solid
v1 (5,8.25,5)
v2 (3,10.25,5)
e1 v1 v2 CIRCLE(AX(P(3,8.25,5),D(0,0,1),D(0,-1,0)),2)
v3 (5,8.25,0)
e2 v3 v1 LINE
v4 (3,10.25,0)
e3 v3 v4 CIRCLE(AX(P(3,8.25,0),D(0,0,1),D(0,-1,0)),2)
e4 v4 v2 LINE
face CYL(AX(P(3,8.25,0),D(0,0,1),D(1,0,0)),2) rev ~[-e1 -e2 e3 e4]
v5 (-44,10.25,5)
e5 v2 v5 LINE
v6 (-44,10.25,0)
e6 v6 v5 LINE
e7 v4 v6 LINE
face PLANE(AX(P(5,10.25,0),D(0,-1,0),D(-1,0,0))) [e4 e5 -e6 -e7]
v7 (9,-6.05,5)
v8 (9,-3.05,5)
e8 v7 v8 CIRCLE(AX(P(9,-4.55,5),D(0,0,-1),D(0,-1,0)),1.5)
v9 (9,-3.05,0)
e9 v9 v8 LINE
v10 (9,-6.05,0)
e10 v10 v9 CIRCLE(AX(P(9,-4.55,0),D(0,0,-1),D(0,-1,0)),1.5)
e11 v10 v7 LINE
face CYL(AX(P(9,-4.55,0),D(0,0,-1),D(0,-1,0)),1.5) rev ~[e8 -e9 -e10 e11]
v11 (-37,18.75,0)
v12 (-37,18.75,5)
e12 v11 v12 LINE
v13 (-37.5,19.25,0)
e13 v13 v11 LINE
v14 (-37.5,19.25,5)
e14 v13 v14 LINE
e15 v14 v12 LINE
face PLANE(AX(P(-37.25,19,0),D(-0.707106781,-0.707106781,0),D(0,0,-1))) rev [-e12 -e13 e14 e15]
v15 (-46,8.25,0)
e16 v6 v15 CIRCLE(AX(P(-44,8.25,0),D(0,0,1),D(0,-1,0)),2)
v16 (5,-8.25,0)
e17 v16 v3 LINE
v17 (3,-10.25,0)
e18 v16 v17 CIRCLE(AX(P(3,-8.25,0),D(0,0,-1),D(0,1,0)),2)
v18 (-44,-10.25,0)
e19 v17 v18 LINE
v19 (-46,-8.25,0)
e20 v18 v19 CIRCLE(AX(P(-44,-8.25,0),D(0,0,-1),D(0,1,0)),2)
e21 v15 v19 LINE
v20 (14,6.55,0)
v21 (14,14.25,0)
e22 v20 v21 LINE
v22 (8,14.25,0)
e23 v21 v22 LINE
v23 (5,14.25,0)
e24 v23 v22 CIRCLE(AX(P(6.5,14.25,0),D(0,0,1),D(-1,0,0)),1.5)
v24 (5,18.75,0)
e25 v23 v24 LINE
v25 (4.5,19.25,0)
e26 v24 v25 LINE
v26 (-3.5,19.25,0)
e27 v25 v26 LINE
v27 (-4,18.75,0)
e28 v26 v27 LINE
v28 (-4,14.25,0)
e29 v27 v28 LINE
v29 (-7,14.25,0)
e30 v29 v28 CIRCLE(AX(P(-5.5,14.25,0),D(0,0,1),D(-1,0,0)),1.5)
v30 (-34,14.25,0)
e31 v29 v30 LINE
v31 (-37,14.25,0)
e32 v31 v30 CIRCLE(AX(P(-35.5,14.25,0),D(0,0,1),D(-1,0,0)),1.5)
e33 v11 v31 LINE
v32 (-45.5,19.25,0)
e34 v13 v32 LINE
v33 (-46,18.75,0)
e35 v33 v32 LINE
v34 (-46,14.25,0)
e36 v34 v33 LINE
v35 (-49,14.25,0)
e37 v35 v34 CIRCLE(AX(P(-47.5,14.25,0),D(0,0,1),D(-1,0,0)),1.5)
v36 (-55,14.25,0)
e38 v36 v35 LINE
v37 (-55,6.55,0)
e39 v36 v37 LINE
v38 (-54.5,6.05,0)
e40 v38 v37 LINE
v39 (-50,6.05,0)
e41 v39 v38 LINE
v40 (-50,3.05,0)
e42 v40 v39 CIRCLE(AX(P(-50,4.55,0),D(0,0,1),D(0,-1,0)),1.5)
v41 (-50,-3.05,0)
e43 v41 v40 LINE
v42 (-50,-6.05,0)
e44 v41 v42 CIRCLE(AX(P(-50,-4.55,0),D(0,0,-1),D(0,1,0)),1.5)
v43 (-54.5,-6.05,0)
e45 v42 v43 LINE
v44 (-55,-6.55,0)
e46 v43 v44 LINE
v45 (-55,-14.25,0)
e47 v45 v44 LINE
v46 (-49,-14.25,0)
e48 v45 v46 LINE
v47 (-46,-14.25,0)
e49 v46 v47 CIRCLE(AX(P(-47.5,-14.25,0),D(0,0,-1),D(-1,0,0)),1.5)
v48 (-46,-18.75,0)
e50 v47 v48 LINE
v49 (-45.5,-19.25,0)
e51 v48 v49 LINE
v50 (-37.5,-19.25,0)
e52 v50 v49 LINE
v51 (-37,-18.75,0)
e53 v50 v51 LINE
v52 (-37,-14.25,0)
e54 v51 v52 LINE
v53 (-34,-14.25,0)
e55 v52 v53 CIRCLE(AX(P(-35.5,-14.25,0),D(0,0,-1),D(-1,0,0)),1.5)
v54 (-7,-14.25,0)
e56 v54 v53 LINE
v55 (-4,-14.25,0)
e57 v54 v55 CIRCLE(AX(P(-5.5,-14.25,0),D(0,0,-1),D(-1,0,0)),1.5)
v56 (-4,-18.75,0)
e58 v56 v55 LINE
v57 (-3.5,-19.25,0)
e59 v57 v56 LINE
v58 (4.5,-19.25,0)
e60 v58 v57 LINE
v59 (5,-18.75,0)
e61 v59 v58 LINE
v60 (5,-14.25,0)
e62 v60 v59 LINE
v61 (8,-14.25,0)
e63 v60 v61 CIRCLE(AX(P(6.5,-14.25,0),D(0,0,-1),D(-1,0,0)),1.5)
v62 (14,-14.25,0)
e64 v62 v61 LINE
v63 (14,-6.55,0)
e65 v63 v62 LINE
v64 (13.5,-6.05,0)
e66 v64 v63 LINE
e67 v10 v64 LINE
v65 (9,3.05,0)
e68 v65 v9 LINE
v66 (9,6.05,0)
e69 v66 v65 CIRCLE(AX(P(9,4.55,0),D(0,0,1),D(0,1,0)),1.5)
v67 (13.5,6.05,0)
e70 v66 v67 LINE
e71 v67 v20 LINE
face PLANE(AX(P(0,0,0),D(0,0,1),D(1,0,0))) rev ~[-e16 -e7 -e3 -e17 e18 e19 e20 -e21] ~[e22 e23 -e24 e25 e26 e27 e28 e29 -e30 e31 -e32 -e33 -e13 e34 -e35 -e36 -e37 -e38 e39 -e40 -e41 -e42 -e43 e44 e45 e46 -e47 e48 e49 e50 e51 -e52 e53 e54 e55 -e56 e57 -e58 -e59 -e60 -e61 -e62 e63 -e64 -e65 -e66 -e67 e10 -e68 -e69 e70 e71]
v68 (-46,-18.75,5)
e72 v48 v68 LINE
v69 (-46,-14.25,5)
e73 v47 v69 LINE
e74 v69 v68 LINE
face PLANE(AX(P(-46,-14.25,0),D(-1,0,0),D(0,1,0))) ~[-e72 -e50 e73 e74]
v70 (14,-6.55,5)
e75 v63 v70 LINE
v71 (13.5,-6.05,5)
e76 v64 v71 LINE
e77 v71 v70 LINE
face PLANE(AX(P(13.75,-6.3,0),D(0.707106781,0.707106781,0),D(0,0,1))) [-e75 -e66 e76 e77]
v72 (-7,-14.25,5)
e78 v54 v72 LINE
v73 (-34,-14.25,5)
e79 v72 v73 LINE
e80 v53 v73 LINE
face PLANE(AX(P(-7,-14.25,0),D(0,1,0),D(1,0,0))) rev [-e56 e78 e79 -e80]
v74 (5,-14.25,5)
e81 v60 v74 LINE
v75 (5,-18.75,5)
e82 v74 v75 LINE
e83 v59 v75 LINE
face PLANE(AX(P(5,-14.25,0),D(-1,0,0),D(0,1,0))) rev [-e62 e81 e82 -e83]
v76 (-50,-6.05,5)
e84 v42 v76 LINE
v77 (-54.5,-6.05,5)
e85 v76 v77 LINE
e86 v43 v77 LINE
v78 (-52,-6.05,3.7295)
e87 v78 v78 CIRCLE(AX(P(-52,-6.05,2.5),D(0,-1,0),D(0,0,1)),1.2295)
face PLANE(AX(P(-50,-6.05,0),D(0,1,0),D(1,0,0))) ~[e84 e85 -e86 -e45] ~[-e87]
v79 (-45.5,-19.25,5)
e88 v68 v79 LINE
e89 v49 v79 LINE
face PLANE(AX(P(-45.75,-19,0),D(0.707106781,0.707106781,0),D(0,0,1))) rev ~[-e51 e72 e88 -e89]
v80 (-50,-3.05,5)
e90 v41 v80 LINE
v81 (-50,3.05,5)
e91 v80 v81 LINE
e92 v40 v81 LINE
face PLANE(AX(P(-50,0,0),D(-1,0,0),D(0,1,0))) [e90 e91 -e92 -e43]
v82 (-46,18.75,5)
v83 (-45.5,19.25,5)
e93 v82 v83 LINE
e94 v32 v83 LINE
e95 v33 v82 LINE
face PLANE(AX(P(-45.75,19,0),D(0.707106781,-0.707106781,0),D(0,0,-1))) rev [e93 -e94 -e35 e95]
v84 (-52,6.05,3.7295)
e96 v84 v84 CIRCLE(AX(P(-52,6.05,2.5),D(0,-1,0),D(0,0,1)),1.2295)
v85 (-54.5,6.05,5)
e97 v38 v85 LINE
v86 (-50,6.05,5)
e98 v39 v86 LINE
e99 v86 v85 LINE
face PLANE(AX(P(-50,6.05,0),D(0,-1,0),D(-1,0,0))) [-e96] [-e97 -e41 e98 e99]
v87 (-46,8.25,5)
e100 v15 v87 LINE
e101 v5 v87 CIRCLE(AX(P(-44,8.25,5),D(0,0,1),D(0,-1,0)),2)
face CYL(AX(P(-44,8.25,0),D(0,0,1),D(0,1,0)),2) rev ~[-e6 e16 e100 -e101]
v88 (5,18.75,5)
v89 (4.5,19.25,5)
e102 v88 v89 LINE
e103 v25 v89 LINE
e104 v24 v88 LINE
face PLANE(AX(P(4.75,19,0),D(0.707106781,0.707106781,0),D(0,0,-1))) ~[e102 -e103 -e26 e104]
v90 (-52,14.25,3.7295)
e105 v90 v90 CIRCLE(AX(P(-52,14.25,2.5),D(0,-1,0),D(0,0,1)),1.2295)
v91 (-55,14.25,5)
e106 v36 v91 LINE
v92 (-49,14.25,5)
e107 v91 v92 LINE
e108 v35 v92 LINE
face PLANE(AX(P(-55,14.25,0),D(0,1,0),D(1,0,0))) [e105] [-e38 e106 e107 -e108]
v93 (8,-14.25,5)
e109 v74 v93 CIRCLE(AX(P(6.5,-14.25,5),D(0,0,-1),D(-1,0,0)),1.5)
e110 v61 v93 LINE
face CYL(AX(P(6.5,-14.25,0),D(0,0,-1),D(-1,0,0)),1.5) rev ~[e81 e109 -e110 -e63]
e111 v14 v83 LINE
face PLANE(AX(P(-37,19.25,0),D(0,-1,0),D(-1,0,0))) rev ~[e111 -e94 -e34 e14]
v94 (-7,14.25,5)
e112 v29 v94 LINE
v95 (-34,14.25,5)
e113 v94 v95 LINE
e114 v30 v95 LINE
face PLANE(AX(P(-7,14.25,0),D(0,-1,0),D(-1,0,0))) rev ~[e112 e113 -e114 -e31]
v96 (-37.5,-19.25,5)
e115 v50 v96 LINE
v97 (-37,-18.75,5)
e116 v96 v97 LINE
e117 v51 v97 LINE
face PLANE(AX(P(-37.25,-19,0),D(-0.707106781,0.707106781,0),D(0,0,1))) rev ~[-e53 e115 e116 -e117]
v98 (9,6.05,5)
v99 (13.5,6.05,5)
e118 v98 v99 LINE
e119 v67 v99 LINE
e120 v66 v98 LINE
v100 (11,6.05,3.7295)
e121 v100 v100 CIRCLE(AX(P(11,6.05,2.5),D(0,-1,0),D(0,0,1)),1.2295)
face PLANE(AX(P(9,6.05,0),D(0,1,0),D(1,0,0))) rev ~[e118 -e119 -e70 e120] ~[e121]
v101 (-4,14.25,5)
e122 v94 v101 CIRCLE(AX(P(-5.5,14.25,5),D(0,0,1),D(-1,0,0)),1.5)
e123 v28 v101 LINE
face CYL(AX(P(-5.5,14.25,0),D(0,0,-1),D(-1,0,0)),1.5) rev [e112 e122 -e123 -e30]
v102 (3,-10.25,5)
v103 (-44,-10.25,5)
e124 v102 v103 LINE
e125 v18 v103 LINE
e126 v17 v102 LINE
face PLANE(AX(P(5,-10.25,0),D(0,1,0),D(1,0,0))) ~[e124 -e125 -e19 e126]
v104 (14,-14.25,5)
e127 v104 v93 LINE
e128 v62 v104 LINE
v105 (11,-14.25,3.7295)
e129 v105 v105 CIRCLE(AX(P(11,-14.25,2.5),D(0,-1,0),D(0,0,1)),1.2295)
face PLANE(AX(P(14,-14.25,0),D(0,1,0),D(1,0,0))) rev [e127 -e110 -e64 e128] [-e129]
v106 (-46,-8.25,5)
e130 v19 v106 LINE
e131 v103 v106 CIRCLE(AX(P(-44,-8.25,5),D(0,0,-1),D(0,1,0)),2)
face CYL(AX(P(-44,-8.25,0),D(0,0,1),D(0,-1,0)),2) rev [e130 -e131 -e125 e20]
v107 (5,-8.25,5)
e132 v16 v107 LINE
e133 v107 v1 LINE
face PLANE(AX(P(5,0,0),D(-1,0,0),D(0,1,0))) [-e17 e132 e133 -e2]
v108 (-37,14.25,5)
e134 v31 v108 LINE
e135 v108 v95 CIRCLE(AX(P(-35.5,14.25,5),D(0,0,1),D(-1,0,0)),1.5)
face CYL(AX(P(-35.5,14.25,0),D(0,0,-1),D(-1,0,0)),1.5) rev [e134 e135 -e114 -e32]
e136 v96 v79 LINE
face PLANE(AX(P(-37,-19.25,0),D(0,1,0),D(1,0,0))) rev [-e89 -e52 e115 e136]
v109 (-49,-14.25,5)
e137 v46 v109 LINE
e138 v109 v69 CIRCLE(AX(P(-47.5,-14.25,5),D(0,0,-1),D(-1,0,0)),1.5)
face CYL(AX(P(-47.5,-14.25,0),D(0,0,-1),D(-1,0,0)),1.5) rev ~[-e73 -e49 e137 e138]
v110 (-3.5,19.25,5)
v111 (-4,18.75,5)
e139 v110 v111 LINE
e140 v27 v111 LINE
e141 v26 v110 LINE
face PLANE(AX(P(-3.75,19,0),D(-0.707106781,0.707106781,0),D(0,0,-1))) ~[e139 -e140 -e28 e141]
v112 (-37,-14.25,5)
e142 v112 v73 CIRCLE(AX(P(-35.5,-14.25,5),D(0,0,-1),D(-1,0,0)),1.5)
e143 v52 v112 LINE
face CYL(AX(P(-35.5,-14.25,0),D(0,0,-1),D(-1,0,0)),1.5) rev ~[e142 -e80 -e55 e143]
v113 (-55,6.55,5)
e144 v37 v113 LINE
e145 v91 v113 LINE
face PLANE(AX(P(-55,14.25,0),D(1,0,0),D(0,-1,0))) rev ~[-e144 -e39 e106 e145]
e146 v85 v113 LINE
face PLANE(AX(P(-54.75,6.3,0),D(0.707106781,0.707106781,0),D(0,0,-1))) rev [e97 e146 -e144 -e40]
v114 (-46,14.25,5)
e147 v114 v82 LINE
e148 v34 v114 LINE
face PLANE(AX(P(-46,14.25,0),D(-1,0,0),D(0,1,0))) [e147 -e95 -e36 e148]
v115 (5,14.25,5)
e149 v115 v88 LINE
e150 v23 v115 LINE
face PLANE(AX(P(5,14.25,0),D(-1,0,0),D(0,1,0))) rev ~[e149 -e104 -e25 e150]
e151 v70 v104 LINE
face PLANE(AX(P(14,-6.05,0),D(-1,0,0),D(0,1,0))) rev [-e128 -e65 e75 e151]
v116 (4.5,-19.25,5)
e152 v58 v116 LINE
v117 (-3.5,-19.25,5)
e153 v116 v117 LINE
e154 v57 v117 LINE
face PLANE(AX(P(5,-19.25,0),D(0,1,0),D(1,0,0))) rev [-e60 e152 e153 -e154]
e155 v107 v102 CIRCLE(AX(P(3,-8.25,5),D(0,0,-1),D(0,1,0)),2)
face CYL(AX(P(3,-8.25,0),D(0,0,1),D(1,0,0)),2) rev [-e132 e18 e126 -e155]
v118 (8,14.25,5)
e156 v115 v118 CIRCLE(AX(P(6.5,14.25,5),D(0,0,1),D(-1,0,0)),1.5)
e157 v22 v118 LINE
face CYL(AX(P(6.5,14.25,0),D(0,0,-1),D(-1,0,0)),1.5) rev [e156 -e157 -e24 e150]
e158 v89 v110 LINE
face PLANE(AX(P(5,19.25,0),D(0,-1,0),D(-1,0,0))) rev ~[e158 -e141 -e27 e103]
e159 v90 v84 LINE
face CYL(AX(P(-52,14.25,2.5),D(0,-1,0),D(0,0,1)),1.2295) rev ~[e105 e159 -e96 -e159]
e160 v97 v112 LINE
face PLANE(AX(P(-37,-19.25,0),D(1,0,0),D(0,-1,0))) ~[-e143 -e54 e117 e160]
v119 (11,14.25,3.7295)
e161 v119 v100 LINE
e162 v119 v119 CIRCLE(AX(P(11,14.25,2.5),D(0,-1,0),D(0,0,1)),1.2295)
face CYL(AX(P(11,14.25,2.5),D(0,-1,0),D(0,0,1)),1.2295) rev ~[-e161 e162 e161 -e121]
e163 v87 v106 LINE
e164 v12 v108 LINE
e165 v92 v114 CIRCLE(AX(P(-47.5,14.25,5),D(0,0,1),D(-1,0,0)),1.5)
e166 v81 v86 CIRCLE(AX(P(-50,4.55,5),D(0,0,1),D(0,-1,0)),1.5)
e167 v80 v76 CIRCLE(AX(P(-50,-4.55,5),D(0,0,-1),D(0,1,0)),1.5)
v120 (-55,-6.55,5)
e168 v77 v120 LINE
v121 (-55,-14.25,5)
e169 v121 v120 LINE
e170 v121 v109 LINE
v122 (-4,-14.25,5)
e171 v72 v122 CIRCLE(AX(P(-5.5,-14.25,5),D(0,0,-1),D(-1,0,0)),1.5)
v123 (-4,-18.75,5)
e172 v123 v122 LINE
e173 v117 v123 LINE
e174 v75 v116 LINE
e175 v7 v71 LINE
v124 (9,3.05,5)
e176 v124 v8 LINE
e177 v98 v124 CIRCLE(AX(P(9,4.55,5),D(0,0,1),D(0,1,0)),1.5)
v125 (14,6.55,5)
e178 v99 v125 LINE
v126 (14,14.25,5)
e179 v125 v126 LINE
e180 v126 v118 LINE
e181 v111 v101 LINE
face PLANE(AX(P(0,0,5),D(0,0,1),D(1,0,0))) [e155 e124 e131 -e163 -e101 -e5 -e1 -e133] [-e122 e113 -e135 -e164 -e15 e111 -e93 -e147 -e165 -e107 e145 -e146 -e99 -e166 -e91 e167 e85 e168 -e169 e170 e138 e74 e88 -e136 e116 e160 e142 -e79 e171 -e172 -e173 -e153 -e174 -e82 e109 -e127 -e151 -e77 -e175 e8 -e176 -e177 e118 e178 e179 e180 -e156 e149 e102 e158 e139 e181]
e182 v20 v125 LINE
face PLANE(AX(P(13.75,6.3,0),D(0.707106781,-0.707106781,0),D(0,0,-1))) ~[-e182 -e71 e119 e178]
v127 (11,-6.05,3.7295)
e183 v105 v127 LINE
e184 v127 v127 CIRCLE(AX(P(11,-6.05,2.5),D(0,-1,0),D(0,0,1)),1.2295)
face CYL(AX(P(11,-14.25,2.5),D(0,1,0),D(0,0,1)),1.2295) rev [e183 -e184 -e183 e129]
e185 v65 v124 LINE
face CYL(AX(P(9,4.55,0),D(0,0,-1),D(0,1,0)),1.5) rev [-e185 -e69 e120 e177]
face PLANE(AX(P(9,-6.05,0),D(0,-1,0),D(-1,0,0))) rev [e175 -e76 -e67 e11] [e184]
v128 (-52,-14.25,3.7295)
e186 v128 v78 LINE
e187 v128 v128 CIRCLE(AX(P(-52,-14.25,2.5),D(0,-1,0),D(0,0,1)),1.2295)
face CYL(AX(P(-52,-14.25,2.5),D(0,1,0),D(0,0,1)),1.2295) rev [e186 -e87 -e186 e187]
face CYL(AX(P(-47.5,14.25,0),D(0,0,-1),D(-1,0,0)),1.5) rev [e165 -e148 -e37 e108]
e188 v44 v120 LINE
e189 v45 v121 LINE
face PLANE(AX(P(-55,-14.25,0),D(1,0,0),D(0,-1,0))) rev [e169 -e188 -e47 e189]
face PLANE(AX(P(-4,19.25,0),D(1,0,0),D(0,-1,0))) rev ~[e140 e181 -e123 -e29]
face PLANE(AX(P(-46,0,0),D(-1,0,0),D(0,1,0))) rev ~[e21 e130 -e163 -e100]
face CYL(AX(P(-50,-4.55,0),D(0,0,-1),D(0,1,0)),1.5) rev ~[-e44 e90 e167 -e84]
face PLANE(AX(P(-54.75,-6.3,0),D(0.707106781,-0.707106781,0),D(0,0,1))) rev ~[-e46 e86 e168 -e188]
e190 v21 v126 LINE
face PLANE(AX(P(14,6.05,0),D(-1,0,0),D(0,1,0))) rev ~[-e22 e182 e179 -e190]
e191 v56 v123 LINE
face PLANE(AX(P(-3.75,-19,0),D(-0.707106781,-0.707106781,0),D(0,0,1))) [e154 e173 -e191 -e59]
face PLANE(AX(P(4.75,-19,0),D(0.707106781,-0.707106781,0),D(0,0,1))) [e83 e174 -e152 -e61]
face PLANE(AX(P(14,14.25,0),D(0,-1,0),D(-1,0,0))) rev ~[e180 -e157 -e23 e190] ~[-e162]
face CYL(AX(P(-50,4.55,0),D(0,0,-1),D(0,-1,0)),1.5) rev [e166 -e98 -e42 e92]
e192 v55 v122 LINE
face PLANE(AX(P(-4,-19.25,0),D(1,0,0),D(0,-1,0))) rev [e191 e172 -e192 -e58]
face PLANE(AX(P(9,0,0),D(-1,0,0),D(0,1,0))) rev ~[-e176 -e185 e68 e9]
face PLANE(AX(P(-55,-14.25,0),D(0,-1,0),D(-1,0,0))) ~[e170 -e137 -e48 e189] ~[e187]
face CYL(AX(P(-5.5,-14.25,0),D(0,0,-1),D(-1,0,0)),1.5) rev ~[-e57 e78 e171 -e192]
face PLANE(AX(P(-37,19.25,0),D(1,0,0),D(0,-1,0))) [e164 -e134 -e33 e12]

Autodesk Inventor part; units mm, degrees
ref_plane "YZ Plane" through (0, 0, 0) normal (1, 0, 0) x (0, 1, 0)
ref_plane "XZ Plane" through (0, 0, 0) normal (0, 1, 0) x (-1, 0, 0)
ref_plane "XY Plane" through (0, 0, 0) normal (0, 0, 1) x (1, 0, 0)
sketch "Sketch1" plane through (0, 0, 0) normal (0, 0, 1) x (1, 0, 0)
  line L0 (-55, -19.25) -> (14, -19.25)
  line L1 (14, -19.25) -> (14, 19.25)
  line L2 (14, 19.25) -> (-55, 19.25)
  line L3 (-55, 19.25) -> (-55, -19.25)
  line L4 (-55, -19.25) -> (14, 19.25) construction
  line L5 (14, -19.25) -> (-55, 19.25) construction
  line L6 (14, -6.05) -> (9, -6.05)
  line L7 (9, -6.05) -> (9, 6.05)
  line L8 (9, 6.05) -> (14, 6.05)
  line L9 (14, 0) -> (-55, 0)
  line L10 (-4, 14.25) -> (-37, 14.25)
  arc A0 (9, 6.05) -> (9, 3.05) centre (9, 4.55) ccw
  arc A1 (9, -3.05) -> (9, -6.05) centre (9, -4.55) ccw
  line L11 (-4, -14.25) -> (-37, -14.25)
  line L12 (-20.5, -19.25) -> (-20.5, 19.25) construction
  line L13 (-55, -6.05) -> (-50, -6.05)
  line L14 (-50, -6.05) -> (-50, 6.05)
  line L15 (-50, 6.05) -> (-55, 6.05)
  arc A2 (-50, 3.05) -> (-50, 6.05) centre (-50, 4.55) ccw
  arc A3 (-50, -6.05) -> (-50, -3.05) centre (-50, -4.55) ccw
  line L16 (5, -10.25) -> (5, 10.25)
  line L17 (5, 10.25) -> (-46, 10.25)
  line L18 (5, -10.25) -> (-46, -10.25)
  line L19 (-46, -10.25) -> (-46, 10.25)
  line L20 (-55, -14.25) -> (-46, -14.25)
  line L21 (-46, -14.25) -> (-46, -19.25)
  line L22 (-37, -19.25) -> (-37, -14.25)
  arc A4 (-46, -14.25) -> (-49, -14.25) centre (-47.5, -14.25) ccw
  arc A5 (-34, -14.25) -> (-37, -14.25) centre (-35.5, -14.25) ccw
  line L23 (-55, 14.25) -> (-46, 14.25)
  line L24 (-46, 14.25) -> (-46, 19.25)
  line L25 (-37, 19.25) -> (-37, 14.25)
  arc A6 (-49, 14.25) -> (-46, 14.25) centre (-47.5, 14.25) ccw
  arc A7 (-37, 14.25) -> (-34, 14.25) centre (-35.5, 14.25) ccw
  line L26 (-52, 14.25) -> (-52, 8.25) construction
  line L27 (14, 6) -> (9, 6) construction
  line L28 (14, -6) -> (9, -6) construction
  line L29 (-4, 19.25) -> (-4, 14.25)
  line L30 (14, 14.25) -> (5, 14.25)
  line L31 (5, 14.25) -> (5, 19.25)
  line L32 (11, 14.25) -> (11, 8.25) construction
  arc A8 (5, 14.25) -> (8, 14.25) centre (6.5, 14.25) ccw
  arc A9 (-7, 14.25) -> (-4, 14.25) centre (-5.5, 14.25) ccw
  line L33 (-4, -19.25) -> (-4, -14.25)
  line L34 (14, -14.25) -> (5, -14.25)
  line L35 (5, -14.25) -> (5, -19.25)
  arc A10 (8, -14.25) -> (5, -14.25) centre (6.5, -14.25) ccw
  arc A11 (-4, -14.25) -> (-7, -14.25) centre (-5.5, -14.25) ccw
  point P0 (0, 0)
  point P1 (-20.5, 0)
  point P2 (-55, 6.05)
  point P3 (-55, -6.05)
  point P4 (-37, 19.25)
  point P5 (-55, 14.25)
  point P6 (-34, 14.25)
  point P7 (5, 0)
  point P8 (9, 0)
  point P9 (-50, 0)
  point P10 (-46, 0)
  dimension "d0" = 38.5
  dimension "d2" = 12.1
  dimension "d3" = 14
  dimension "d4" = 5
  dimension "d12" = 1.5
  dimension "d27" = 69
  dimension "d36" = 2.5
  dimension "d40" = 9
  dimension "d42" = 6
  dimension "d51" = 2.5
  dimension "d55" = 12
  dimension "d56" = 0.05
  dimension "d57" = 5
  dimension "d58" = 9
  dimension "d59" = 6
  dimension "d70" = 9
extrude "Extrusion1" add sketch "Sketch1" along normal blind 5 contours L3 L23 A6 L24 L2 L25 A7 L10 A9 L29 L31 A8 L30 L1 L8 A0 L7 L9 L16 L17 L19 L14 A2 L15
fillet "Fillet1" radius 2 2 edges at (5, 10.25, 2.5) (-46, 10.25, 2.5)
sketch "Sketch5" plane through (-34, 14.25, 0) normal (0, 1, 0) x (1, 0, 0)
  line L0 (45, 0) -> (45, -5)
  line L1 (43, -5) -> (48, -5) projected
  line L2 (-18, 0) -> (-18, -5)
  line L3 (-15, -5) -> (-21, -5) projected
  point P0 (34, 0)
  point P1 (45, -2.5)
  point P2 (-18, -2.5)
hole "Hole1" at (11, 14.25, 2.5) at (-52, 14.25, 2.5) direction (0, -1, 0) diameter 2.459 depth 8.8 thread size "M3x0.5" class "6H" standard "ANSI Metric M Profile"
chamfer "Chamfer1" distance 0.5 angle 45 6 edges at (14, 6.05, 2.5) (5, 19.25, 2.5) (-4, 19.25, 2.5) (-37, 19.25, 2.5) (-46, 19.25, 2.5) (-55, 6.05, 2.5)
mirror "Mirror1" about plane through (0, 0, 0) normal (0, 1, 0)
equation "\"d42\" = d6"
equation "\"d6\" = 6"
properties part number "LegBaseBraceFrame" material "Acetal Resin, Black"
